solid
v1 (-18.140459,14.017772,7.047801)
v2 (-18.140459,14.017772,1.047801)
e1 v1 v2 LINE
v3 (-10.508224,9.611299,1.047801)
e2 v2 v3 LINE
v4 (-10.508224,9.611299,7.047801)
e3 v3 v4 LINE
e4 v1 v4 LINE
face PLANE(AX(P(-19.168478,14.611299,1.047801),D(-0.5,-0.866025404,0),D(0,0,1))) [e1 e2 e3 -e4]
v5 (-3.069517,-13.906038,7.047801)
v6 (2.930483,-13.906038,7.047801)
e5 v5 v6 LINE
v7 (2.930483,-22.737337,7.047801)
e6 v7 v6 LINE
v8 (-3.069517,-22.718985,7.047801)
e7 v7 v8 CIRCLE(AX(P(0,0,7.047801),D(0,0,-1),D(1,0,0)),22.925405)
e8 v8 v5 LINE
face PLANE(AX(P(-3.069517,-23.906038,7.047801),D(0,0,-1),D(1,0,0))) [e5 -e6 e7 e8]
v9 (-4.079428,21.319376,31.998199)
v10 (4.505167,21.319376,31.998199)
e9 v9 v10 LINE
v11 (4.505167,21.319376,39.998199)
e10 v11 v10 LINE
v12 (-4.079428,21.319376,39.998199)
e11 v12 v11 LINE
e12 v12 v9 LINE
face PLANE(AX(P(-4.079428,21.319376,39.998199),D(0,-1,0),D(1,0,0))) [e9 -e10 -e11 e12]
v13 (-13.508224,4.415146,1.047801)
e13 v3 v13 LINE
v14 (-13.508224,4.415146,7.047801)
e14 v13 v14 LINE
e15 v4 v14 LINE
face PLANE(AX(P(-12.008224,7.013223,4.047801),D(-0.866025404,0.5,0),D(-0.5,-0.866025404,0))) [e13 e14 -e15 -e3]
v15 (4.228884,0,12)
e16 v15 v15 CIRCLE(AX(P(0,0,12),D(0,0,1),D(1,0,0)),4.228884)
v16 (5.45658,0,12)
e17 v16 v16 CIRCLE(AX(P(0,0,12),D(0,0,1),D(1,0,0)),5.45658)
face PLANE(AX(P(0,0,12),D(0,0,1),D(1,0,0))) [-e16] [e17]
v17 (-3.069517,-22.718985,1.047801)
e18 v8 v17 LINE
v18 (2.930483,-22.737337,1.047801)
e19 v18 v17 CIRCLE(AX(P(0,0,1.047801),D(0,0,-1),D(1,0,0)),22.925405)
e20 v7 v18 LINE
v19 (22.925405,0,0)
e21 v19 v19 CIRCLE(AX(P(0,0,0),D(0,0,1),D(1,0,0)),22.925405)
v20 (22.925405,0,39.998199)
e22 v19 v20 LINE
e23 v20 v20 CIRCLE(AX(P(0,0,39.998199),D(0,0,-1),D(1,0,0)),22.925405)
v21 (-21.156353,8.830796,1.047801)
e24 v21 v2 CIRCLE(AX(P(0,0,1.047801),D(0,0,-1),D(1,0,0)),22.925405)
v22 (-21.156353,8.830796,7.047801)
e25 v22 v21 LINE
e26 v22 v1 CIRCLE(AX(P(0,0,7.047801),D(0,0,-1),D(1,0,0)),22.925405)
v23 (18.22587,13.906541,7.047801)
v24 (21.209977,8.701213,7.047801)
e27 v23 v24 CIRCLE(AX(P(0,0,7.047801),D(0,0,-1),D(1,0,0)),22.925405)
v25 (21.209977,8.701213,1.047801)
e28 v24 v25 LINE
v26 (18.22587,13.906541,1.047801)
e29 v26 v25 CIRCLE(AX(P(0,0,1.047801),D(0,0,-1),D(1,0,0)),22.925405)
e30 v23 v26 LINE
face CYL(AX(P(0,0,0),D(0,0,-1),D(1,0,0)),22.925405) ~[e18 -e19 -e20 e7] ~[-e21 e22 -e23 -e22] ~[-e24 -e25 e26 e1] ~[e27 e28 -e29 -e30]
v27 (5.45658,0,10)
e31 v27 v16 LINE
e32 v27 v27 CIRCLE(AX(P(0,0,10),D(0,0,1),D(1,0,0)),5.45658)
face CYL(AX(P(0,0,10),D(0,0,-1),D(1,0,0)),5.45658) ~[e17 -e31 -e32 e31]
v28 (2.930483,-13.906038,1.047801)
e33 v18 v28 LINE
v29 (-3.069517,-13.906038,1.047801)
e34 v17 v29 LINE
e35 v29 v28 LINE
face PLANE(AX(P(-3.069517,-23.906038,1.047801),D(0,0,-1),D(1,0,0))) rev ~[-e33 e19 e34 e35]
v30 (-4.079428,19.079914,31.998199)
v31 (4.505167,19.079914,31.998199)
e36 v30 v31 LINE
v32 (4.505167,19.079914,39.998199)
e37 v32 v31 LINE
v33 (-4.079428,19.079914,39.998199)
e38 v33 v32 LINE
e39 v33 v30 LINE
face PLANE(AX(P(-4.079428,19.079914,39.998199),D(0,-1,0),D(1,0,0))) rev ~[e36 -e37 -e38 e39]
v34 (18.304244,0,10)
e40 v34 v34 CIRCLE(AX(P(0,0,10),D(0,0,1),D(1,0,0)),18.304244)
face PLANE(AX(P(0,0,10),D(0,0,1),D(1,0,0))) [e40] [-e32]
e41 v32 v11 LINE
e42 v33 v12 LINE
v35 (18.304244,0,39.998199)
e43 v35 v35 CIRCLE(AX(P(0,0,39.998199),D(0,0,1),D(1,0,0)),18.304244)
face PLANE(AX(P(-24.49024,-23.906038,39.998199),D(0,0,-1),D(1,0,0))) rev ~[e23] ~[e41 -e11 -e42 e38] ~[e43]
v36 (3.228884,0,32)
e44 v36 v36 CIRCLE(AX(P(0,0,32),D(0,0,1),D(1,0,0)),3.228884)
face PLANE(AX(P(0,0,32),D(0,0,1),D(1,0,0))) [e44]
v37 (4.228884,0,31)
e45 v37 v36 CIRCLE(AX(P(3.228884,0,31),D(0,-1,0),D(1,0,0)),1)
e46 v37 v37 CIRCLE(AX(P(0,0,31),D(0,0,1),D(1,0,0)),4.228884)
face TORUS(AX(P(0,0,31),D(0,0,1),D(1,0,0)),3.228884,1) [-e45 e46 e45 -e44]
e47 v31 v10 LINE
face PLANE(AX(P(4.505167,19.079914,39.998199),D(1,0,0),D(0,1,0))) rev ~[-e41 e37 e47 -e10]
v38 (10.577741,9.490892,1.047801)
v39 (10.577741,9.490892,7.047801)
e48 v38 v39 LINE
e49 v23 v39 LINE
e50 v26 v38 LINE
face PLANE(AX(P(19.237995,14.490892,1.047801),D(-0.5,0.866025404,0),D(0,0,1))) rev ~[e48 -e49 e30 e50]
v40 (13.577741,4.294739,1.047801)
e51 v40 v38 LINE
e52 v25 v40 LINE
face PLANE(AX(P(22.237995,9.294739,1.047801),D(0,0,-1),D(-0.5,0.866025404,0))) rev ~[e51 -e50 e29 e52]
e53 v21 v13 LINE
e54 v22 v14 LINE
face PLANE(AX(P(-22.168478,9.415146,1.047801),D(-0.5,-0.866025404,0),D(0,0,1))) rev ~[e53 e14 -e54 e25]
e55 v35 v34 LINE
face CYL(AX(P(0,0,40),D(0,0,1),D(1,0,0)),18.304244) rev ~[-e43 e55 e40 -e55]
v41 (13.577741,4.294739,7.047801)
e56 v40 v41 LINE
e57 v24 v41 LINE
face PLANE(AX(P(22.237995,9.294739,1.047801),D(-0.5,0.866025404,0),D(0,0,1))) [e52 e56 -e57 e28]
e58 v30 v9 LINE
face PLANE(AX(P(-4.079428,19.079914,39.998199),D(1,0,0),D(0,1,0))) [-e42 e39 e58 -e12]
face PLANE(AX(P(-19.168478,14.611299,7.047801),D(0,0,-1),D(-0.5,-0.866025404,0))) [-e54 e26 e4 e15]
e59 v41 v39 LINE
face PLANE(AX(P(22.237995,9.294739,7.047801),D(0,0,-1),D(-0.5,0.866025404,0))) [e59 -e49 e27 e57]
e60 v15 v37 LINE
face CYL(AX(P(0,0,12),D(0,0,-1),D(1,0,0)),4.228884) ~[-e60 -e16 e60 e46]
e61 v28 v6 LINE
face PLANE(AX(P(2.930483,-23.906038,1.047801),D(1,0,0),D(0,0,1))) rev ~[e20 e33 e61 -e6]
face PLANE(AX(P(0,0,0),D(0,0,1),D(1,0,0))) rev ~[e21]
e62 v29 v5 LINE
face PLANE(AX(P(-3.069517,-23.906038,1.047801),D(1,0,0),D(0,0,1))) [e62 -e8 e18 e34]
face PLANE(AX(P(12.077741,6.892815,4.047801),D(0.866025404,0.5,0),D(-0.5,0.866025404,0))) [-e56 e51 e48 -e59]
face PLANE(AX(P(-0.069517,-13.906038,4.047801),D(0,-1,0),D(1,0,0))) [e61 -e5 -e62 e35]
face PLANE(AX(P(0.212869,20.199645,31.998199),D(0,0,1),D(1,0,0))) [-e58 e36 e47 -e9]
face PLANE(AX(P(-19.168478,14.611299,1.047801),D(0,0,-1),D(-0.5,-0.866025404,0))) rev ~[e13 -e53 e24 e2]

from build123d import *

# Parameters (mm, degrees)
SKETCH_R           = 22.9254053499
PAD_DEPTH          = 40
SKETCH001_R        = 18.304244
POCKET_DEPTH       = 30
SKETCH002_R        = 5.45658
PAD001_DEPTH       = 2
SKETCH003_R        = 4.228884
PAD002_DEPTH       = 20
FILLET_R           = 1
SKETCH004_W        = 47.033489
SKETCH004_H        = 47.446069
PAD003_DEPTH       = 10
SKETCH005_W        = 6
SKETCH005_H        = 6
POCKET001_DEPTH    = 10
POLARPATTERN_COUNT = 3
SKETCH006_W        = 48.955269
SKETCH006_H        = 10.757687
POCKET002_DEPTH    = 47.447069
SKETCH007_W        = 8.584595
SKETCH007_H        = 2.239462
POCKET003_DEPTH    = 8


with BuildPart() as part:
    # Sketch → Pad (new body)
    with BuildSketch(Plane.XY):
        Circle(SKETCH_R)
    extrude(amount=PAD_DEPTH)

    # Sketch001 (on Face3 of Pad) → Pocket (cut)
    with BuildSketch(Plane.XY.offset(40)):
        Circle(SKETCH001_R)
    extrude(amount=-POCKET_DEPTH, mode=Mode.SUBTRACT)

    # Sketch002 (on Face5 of Pocket) → Pad001 (join)
    with BuildSketch(Plane.XY.offset(10)):
        Circle(SKETCH002_R)
    extrude(amount=PAD001_DEPTH)

    # Sketch003 (on Face7 of Pad001) → Pad002 (join)
    with BuildSketch(Plane.XY.offset(12)):
        Circle(SKETCH003_R)
    extrude(amount=PAD002_DEPTH)

    # Fillet
    fillet_edges = [part.edges().sort_by_distance(p)[0] for p in [
        (-4.228884, 0, 32),
    ]]
    fillet(fillet_edges, radius=FILLET_R)

    # Sketch004 (on Face8 of Fillet) → Pad003 (join)
    with BuildSketch(Plane.XY.offset(40)):
        with Locations((0.1454045, -0.1830035)):
            Rectangle(SKETCH004_W, SKETCH004_H)
    extrude(amount=PAD003_DEPTH)

    # Sketch005 (on Face6 of Pad003) → Pocket001 (cut)
    with BuildSketch(Plane.XZ.offset(23.906038)):
        with Locations((-0.0695171845, 4.0478014172)):
            Rectangle(SKETCH005_W, SKETCH005_H)
    pocket001 = extrude(amount=-POCKET001_DEPTH, mode=Mode.SUBTRACT)

    # PolarPattern: Pocket001 ×3 about axis
    polarpattern_axis = Axis((0, 0, 0), (0, 0, 1))
    for i in range(1, POLARPATTERN_COUNT):
        add(pocket001.rotate(polarpattern_axis, i * 360 / POLARPATTERN_COUNT), mode=Mode.SUBTRACT)

    # Sketch006 (on Face6 of PolarPattern) → Pocket002 (cut, through all)
    with BuildSketch(Plane.XZ.offset(23.906038)):
        with Locations((-0.0126055, 45.3770425)):
            Rectangle(SKETCH006_W, SKETCH006_H)
    extrude(amount=-POCKET002_DEPTH, mode=Mode.SUBTRACT)

    # Sketch007 (on Face2 of Pocket002) → Pocket003 (cut)
    with BuildSketch(Plane.XY.offset(39.998199)):
        with Locations((0.2128695, 20.199645)):
            Rectangle(SKETCH007_W, SKETCH007_H)
    extrude(amount=-POCKET003_DEPTH, mode=Mode.SUBTRACT)


solid = part.part
